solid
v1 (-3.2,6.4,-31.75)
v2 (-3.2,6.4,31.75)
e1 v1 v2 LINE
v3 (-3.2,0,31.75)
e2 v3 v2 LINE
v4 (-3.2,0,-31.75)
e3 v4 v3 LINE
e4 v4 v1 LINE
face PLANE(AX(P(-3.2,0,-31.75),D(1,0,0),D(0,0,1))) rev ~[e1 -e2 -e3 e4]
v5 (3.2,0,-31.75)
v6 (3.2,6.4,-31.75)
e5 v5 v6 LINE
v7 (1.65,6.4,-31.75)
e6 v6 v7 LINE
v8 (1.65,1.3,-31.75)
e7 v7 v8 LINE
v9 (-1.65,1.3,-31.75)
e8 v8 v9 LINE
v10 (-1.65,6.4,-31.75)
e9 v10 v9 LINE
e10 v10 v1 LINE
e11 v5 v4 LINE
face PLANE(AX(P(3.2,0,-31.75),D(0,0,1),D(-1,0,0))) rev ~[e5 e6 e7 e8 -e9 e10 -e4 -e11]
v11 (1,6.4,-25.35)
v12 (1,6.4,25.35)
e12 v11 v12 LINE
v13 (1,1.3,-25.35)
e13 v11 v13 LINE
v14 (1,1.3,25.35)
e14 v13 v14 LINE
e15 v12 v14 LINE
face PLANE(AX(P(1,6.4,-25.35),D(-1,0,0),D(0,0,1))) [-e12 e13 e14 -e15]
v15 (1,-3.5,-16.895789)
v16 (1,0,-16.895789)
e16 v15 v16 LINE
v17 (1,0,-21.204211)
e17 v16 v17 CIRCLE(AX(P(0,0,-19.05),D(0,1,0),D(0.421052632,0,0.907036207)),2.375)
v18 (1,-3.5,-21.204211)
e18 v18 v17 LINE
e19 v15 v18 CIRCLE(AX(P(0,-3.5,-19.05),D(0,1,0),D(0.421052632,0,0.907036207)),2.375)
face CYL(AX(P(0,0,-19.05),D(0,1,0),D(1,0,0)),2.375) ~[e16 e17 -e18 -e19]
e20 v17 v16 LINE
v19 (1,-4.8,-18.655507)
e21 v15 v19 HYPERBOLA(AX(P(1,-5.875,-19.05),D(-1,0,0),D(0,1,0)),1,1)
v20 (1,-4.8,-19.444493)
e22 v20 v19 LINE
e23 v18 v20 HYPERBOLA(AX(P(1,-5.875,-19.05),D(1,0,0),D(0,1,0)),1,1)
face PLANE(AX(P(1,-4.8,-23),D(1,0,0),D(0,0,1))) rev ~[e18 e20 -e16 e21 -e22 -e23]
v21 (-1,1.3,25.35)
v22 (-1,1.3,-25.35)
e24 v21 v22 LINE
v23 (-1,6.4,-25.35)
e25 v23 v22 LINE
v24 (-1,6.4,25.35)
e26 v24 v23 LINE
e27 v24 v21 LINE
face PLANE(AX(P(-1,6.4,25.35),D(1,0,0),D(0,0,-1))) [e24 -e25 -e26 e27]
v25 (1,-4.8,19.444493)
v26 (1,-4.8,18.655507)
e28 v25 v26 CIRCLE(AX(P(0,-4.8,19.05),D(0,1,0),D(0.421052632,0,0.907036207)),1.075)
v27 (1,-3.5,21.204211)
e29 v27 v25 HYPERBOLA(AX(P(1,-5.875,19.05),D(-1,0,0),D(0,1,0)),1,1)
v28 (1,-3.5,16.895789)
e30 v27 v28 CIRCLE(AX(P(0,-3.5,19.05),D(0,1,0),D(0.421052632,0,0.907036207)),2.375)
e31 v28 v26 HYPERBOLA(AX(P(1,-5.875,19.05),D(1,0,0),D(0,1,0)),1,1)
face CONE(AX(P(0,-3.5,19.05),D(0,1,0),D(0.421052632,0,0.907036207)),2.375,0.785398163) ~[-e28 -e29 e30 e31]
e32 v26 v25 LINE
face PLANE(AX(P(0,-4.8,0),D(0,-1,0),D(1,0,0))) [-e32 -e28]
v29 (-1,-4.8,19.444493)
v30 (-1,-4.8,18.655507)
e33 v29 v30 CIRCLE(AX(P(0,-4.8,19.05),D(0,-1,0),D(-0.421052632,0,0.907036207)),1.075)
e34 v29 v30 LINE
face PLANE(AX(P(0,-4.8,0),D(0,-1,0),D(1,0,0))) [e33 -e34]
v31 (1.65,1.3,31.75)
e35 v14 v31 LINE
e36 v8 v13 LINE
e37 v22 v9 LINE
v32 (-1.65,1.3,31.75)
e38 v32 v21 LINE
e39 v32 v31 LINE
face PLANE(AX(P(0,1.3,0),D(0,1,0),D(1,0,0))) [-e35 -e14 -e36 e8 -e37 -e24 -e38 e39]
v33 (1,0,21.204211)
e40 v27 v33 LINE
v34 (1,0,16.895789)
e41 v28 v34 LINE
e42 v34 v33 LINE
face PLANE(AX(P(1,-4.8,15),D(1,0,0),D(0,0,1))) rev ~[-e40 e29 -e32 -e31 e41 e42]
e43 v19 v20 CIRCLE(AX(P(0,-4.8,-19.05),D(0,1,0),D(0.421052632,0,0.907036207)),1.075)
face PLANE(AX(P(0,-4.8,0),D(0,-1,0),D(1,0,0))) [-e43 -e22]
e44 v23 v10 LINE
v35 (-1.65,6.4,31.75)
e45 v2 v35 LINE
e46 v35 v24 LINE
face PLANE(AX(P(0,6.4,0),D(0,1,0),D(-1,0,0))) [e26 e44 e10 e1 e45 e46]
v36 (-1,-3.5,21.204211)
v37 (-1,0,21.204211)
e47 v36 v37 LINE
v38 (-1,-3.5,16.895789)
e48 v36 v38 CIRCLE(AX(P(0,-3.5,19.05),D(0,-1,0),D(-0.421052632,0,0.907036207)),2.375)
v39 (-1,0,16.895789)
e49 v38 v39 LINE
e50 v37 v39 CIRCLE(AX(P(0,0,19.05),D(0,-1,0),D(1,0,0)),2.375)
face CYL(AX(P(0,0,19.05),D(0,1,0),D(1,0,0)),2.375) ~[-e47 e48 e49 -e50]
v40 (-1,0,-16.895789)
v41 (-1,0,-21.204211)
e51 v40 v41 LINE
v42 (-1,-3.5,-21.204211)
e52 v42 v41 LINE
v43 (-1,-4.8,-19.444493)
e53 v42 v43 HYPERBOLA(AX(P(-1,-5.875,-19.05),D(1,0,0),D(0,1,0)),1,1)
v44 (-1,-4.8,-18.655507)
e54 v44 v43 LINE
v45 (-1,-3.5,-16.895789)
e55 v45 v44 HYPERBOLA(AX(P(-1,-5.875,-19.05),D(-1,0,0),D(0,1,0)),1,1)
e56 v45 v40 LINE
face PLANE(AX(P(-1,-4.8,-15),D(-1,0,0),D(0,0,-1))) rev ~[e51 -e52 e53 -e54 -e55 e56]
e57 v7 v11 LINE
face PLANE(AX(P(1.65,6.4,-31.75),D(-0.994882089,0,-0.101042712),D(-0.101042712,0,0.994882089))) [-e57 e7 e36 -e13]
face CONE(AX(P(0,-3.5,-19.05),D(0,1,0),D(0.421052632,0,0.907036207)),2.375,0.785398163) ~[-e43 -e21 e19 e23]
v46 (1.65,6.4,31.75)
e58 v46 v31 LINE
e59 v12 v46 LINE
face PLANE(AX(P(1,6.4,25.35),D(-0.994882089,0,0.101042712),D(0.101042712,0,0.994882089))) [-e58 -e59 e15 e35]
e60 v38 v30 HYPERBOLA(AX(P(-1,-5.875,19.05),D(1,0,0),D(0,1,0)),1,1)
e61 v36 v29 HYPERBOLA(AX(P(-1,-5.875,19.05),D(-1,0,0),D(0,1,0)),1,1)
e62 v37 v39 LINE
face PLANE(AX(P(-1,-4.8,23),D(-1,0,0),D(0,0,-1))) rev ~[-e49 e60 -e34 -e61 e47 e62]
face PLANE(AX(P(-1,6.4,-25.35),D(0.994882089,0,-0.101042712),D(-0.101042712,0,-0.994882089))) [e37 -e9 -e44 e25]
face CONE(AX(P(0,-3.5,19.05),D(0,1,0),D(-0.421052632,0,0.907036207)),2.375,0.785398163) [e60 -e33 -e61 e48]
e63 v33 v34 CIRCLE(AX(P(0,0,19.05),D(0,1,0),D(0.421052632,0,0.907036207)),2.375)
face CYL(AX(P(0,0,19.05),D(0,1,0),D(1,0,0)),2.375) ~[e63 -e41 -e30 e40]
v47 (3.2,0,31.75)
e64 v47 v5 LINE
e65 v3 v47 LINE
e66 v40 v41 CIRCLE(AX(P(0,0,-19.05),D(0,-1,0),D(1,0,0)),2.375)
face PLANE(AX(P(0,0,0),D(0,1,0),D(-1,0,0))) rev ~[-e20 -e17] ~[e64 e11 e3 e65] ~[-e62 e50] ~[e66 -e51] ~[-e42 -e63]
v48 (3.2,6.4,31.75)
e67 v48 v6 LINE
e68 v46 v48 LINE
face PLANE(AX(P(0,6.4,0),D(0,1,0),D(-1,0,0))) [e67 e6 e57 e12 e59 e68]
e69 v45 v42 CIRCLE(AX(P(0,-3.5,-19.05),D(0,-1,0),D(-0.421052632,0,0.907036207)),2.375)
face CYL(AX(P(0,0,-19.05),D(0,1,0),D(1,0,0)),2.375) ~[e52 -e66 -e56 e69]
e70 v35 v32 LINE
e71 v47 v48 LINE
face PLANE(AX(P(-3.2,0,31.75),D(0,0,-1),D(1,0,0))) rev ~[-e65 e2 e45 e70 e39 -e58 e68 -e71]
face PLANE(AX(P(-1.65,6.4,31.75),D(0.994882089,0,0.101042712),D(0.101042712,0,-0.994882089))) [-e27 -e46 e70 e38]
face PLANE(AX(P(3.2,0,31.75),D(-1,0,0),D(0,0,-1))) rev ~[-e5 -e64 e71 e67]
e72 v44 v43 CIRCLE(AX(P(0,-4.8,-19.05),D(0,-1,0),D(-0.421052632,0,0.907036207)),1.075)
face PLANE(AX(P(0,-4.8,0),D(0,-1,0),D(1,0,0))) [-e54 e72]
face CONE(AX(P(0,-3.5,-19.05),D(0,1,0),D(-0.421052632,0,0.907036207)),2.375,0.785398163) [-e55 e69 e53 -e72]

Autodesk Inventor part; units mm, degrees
ref_plane "YZ Plane" through (0, 0, 0) normal (1, 0, 0) x (0, 1, 0)
ref_plane "XZ Plane" through (0, 0, 0) normal (0, 1, 0) x (-1, 0, 0)
ref_plane "XY Plane" through (0, 0, 0) normal (0, 0, 1) x (1, 0, 0)
sketch "Esquisse1" plane through (0, 0, 0) normal (0, 1, 0) x (-1, 0, 0)
  line L0 (3.2, 31.75) -> (-3.2, 31.75)
  line L1 (-3.2, 31.75) -> (-3.2, -31.75)
  line L2 (-3.2, -31.75) -> (3.2, -31.75)
  line L3 (3.2, -31.75) -> (3.2, 31.75)
  point P0 (0, 0)
  dimension "d0" = 63.5
  dimension "d1" = 6.4
  dimension "d2" = 3.2
  dimension "d3" = 31.75
extrude "Extrusion1" add sketch "Esquisse1" along normal blind 6.4
sketch "Esquisse2" plane through (0, 6.4, 0) normal (0, 1, 0) x (1, 0, 0)
  line L0 (-3.2, -31.75) -> (3.2, -31.75) projected
  line L1 (-1.65, -31.75) -> (-1, -25.35)
  line L2 (-1, -25.35) -> (-1, 25.35)
  line L3 (-1, 25.35) -> (-1.65, 31.75)
  line L4 (3.2, 31.75) -> (-3.2, 31.75) projected
  line L5 (-1.65, 31.75) -> (1.65, 31.75)
  line L6 (1.65, 31.75) -> (1, 25.35)
  line L7 (1, 25.35) -> (1, -25.35)
  line L8 (1, -25.35) -> (1.65, -31.75)
  line L9 (1.65, -31.75) -> (-1.65, -31.75)
  point P0 (0, 0)
  dimension "d6" = 3.3
  dimension "d7" = 3.3
  dimension "d8" = 1.65
  dimension "d9" = 1.65
  dimension "d10" = 2
  dimension "d11" = 1
  dimension "d12" = 6.4
  dimension "d13" = 6.4
  dimension "d14" = 6.4
  dimension "d15" = 6.4
extrude "Extrusion2" cut sketch "Esquisse2" against normal blind 5.1
sketch "Esquisse3" plane through (0, 0, 0) normal (0, -1, 0) x (1, 0, 0)
  circle A0 centre (0, 19.05) radius 2.375
  circle A1 centre (0, -19.05) radius 2.375
  line L0 (-3.2, -31.75) -> (-3.2, 31.75) projected
  line L1 (3.2, 31.75) -> (3.2, -31.75) projected
  point P0 (0, 0)
  dimension "d18" = 4.75
  dimension "d19" = 19.05
  dimension "d20" = 38.1
  dimension "d21" = 4.75
  dimension "d22" = 6.4
  dimension "d23" = 3.2
  dimension "d24" = 3.2
extrude "Extrusion3" add sketch "Esquisse3" along normal blind 4.8
sketch "Esquisse4" plane through (0, -4.8, 19.05) normal (0, -1, 0) x (1, 0, 0)
  line L0 (-1, 6.3) -> (-1, -44.4) projected
  line L1 (1, 3.95) -> (-1, 3.95)
  line L2 (-1, 3.95) -> (-1, -4.05)
  line L3 (-1, -4.05) -> (1, -4.05)
  line L4 (1, -4.05) -> (1, 3.95)
  line L5 (1, -34.05) -> (-1, -34.05)
  line L6 (-1, -34.05) -> (-1, -42.05)
  line L7 (-1, -42.05) -> (1, -42.05)
  line L8 (1, -42.05) -> (1, -34.05)
  point P0 (0, -19.05)
  point P1 (-1, 3.95)
  dimension "d27" = 2
  dimension "d28" = 15
  dimension "d29" = 15
  dimension "d30" = 8
  dimension "d31" = 8
extrude "Extrusion4" cut sketch "Esquisse4" against normal blind 4.8
chamfer "Chanfrein1" distance 1.3 angle 45 2 edges at (2.375, -4.8, 19.05) (-2.375, -4.8, 19.05)
chamfer "Chanfrein2" distance 1.3 angle 45 2 edges at (-2.375, -4.8, -19.05) (2.375, -4.8, -19.05)
equation "\"d2\" = 0.5 * d1"
equation "\"d3\" = 0.5 * d0"
equation "\"d7\" = d6"
equation "\"d8\" = 0.5 * d7"
equation "\"d9\" = 0.5 * d6"
equation "\"d11\" = 0.5 * d10"
equation "\"d13\" = d12"
equation "\"d14\" = d12"
equation "\"d15\" = d12"
equation "\"d19\" = 0.5 * d20"
equation "\"d21\" = d18"
equation "\"d23\" = 0.5 * d22"
equation "\"d24\" = d23"
properties part number "RDC-250" material "Nylon 6/6"
